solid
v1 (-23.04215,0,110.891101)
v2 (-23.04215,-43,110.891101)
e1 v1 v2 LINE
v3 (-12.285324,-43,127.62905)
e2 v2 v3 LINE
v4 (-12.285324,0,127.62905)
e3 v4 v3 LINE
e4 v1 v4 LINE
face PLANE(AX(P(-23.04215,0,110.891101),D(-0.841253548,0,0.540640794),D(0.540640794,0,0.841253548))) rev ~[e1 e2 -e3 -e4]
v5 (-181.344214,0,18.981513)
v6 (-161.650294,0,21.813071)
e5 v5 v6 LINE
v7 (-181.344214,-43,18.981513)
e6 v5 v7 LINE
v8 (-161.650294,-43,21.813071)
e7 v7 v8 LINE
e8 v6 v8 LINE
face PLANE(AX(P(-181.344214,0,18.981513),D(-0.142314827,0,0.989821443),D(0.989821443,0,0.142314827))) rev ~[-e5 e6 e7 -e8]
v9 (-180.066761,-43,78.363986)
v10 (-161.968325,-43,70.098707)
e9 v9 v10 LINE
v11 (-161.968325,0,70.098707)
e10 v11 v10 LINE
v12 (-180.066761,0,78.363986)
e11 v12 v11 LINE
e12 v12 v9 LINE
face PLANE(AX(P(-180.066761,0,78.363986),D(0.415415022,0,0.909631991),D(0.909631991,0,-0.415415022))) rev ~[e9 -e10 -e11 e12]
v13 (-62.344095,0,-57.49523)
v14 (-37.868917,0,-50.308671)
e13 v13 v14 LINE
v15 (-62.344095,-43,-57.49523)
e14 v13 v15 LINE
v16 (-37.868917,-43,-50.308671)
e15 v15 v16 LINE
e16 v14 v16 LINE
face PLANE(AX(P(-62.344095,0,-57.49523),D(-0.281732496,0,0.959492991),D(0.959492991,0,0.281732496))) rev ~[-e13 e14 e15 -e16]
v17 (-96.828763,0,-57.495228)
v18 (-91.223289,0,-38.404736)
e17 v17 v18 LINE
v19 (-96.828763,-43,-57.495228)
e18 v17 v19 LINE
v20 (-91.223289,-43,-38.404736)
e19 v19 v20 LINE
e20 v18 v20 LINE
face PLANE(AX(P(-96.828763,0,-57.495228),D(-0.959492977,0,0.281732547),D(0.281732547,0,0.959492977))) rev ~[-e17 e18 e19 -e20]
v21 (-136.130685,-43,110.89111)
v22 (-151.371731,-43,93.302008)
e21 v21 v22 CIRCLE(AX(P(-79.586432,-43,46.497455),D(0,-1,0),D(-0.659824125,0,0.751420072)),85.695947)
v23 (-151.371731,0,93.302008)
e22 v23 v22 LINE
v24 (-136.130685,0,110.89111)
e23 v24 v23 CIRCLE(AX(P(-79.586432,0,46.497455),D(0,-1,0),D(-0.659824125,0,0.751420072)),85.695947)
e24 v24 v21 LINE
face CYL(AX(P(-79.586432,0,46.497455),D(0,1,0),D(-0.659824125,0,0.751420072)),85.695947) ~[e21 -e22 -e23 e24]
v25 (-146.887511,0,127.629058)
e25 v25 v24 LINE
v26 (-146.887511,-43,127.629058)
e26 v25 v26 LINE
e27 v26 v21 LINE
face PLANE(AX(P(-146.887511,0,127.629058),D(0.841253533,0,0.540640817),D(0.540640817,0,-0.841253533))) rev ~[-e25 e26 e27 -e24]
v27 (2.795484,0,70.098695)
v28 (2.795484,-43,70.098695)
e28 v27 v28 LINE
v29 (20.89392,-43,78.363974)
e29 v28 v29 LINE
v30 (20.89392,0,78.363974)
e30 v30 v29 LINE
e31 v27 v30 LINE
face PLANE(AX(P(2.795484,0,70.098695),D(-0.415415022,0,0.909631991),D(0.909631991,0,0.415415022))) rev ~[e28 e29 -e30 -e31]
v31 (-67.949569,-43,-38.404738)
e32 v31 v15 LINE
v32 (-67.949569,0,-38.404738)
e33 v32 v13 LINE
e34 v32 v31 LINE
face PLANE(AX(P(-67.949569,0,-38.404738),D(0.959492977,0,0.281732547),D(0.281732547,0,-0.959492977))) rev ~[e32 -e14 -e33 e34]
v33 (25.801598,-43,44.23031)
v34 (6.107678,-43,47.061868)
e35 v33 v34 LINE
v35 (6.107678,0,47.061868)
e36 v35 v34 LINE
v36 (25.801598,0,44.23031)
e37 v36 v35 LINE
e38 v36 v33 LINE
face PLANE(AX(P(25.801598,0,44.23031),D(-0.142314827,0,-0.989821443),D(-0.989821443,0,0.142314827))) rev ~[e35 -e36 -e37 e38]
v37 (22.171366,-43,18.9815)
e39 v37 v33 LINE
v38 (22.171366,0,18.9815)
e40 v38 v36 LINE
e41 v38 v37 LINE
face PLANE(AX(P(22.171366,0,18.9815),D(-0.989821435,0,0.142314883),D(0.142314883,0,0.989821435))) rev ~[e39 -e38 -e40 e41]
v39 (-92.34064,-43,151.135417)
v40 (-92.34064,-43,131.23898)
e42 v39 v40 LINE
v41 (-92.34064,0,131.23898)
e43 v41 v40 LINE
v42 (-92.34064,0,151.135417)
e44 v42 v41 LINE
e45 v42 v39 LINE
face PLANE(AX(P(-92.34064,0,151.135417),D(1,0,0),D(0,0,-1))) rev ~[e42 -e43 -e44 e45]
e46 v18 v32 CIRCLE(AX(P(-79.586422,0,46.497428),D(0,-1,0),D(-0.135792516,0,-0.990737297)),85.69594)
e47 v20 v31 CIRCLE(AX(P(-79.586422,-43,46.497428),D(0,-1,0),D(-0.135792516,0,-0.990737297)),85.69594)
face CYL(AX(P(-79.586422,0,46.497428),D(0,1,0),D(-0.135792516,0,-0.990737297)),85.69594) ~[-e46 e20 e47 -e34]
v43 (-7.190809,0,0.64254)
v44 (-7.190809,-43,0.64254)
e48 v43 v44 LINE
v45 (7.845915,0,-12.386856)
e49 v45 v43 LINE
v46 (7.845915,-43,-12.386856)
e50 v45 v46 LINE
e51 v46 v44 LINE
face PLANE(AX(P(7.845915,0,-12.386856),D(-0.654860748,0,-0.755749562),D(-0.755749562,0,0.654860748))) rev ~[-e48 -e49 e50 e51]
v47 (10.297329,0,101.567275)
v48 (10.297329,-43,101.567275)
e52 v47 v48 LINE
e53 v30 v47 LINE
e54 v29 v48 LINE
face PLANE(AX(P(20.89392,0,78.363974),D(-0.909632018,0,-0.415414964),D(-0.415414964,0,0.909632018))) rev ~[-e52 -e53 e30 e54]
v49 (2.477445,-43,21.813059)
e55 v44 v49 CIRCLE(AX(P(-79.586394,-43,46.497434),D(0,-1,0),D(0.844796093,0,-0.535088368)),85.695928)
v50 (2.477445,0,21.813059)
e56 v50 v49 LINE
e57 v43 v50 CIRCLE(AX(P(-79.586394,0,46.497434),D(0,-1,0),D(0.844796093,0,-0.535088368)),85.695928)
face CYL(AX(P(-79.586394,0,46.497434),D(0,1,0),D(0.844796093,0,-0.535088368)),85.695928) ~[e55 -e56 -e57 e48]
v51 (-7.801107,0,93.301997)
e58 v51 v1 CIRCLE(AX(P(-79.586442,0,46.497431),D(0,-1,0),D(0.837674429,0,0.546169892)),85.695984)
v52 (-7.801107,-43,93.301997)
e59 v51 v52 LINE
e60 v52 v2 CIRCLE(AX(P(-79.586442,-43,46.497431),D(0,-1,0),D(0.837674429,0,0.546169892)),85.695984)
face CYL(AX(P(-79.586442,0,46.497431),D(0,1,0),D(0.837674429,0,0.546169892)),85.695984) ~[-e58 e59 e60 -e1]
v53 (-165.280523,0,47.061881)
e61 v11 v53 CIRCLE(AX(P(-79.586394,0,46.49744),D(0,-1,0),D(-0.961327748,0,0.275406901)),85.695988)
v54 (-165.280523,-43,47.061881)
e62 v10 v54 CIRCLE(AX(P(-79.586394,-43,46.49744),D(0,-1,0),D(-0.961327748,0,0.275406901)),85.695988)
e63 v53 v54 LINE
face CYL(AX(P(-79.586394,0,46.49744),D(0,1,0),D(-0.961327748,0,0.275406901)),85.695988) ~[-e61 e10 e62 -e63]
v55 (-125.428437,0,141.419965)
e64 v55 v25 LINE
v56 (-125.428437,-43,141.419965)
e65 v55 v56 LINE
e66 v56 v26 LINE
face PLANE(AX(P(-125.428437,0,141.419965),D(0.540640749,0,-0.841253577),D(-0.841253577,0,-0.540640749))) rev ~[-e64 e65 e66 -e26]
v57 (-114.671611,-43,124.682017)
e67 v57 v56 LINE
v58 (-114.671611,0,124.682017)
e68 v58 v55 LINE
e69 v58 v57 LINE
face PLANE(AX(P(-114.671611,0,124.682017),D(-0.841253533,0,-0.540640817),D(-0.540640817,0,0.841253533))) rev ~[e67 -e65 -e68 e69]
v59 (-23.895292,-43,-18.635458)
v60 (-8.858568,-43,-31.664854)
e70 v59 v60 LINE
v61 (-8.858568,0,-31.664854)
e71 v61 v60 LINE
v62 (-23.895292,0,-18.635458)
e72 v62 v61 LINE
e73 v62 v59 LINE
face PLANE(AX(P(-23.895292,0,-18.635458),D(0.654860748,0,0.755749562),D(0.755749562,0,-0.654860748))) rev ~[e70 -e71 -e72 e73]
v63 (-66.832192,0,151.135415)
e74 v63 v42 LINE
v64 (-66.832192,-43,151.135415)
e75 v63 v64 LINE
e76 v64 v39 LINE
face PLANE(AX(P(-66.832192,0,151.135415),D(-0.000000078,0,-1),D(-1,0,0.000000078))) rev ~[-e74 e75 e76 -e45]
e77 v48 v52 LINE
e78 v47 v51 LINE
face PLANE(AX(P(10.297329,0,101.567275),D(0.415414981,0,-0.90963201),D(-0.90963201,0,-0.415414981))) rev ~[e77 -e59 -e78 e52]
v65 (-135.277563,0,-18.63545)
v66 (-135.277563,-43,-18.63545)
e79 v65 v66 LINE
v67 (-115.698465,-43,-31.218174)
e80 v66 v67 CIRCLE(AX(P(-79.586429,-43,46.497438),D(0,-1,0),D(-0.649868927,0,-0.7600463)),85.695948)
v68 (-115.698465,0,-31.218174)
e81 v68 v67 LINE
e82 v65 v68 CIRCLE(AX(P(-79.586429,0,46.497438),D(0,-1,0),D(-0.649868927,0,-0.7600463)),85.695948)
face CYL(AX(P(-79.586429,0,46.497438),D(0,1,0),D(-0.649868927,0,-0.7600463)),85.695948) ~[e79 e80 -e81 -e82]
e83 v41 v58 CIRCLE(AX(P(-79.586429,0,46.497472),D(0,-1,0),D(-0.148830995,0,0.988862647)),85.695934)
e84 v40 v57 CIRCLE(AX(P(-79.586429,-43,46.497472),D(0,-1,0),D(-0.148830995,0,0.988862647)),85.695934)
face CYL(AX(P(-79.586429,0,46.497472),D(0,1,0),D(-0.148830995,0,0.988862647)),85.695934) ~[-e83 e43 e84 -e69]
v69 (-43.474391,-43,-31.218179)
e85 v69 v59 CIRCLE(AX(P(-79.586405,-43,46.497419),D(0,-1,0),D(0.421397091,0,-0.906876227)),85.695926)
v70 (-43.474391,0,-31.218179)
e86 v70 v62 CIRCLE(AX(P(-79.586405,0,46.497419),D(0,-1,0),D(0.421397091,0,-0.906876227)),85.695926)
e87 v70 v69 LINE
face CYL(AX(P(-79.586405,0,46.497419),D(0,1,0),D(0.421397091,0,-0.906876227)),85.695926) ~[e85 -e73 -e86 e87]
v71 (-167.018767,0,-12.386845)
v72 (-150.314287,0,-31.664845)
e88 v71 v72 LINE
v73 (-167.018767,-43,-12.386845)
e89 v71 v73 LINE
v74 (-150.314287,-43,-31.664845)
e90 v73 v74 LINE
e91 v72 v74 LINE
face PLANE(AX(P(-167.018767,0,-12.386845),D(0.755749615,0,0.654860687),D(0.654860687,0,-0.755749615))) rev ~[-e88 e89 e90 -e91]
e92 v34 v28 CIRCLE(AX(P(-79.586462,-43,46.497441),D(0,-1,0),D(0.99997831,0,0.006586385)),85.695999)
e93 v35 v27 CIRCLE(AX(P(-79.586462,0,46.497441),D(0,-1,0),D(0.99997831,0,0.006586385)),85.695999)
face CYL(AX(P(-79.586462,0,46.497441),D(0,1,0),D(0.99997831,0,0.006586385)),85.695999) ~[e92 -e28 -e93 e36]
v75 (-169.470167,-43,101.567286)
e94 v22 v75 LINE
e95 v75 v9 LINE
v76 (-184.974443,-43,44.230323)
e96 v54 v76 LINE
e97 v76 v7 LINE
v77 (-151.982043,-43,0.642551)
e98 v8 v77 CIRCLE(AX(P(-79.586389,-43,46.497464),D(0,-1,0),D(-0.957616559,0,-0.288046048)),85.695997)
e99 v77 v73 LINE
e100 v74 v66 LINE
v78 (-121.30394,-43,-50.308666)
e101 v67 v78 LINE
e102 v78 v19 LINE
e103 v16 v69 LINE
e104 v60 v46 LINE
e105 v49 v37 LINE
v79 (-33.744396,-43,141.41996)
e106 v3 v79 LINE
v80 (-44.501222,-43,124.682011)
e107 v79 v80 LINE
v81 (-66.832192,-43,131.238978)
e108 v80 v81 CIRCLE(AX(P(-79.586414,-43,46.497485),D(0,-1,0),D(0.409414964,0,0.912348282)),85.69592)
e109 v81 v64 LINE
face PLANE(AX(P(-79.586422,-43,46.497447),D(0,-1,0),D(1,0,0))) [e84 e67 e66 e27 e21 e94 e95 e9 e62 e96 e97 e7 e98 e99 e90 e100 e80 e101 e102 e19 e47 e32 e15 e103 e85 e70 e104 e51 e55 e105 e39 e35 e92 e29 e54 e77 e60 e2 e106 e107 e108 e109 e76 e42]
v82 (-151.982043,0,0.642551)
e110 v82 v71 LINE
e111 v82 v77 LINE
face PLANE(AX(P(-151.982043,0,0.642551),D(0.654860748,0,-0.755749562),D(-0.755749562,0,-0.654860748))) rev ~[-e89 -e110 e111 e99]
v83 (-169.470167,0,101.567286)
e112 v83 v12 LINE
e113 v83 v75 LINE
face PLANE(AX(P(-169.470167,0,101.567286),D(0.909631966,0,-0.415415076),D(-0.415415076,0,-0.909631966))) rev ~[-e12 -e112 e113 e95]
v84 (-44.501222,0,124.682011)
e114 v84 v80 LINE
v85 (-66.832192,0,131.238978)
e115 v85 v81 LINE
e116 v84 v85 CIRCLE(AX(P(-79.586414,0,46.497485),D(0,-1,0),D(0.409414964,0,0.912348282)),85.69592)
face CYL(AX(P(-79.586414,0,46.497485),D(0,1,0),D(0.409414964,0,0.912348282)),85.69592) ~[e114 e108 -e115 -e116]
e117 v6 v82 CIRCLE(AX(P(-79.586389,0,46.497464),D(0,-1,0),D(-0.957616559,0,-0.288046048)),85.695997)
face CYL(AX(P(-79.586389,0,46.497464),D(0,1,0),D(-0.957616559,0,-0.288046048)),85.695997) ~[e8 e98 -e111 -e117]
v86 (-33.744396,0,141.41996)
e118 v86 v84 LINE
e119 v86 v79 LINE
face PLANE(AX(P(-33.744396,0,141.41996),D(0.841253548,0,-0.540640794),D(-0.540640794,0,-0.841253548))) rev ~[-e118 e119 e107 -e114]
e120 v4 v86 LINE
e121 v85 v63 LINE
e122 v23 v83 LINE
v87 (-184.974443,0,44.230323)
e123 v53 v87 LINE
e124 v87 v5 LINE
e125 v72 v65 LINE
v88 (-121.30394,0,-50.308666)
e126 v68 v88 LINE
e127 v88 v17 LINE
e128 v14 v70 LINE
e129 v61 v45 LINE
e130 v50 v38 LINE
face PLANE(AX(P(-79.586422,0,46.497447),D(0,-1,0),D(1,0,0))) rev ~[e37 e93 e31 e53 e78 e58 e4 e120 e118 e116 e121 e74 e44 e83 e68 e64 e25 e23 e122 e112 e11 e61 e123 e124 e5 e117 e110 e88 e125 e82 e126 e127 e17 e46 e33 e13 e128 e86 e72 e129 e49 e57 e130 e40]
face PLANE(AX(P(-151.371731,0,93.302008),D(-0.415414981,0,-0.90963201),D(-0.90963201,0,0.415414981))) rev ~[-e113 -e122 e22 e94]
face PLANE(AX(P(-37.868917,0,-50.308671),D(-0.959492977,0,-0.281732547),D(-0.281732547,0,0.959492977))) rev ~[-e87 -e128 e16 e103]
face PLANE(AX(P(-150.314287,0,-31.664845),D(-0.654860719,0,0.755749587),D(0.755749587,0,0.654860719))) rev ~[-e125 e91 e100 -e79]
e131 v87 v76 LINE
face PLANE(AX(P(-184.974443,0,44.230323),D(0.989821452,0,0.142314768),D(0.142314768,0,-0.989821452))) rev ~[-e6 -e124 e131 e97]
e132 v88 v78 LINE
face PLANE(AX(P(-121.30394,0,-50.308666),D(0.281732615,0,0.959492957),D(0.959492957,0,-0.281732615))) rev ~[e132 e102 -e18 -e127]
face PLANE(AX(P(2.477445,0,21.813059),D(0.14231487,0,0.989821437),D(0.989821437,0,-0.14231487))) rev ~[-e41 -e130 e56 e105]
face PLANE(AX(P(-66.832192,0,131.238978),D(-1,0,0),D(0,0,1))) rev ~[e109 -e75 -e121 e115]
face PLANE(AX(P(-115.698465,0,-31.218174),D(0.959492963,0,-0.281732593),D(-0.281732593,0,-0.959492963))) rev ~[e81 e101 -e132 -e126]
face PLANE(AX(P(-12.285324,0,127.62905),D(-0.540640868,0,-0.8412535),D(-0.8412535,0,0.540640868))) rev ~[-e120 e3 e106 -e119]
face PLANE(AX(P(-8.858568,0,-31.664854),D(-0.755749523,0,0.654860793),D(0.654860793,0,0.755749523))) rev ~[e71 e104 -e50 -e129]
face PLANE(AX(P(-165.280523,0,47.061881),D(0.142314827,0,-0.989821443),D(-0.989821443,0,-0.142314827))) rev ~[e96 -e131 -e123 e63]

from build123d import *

# Parameters (mm, degrees)
F1_DEPTH = 43


with BuildPart() as f1:
    # F0 (on Front) → F1 (new body)
    with BuildSketch(Plane.XZ):
        with BuildLine():
            Line((-146.887511, 127.629058), (-136.130685, 110.89111))
            ThreePointArc((-136.130685, 110.89111), (-144.351103, 102.616371), (-151.371731, 93.302008))
            Line((-151.371731, 93.302008), (-169.470167, 101.567286))
            Line((-169.470167, 101.567286), (-180.066761, 78.363986))
            Line((-180.066761, 78.363986), (-161.968325, 70.098707))
            ThreePointArc((-161.968325, 70.098707), (-164.410119, 58.69326), (-165.280523, 47.061881))
            Line((-165.280523, 47.061881), (-184.974443, 44.230323))
            Line((-184.974443, 44.230323), (-181.344214, 18.981513))
            Line((-181.344214, 18.981513), (-161.650294, 21.813071))
            ThreePointArc((-161.650294, 21.813071), (-157.538211, 10.898065), (-151.982043, 0.642551))
            Line((-151.982043, 0.642551), (-167.018767, -12.386845))
            Line((-167.018767, -12.386845), (-150.314287, -31.664845))
            Line((-150.314287, -31.664845), (-135.277563, -18.63545))
            ThreePointArc((-135.277563, -18.63545), (-125.917161, -25.594578), (-115.698465, -31.218174))
            Line((-115.698465, -31.218174), (-121.30394, -50.308666))
            Line((-121.30394, -50.308666), (-96.828763, -57.495228))
            Line((-96.828763, -57.495228), (-91.223289, -38.404736))
            ThreePointArc((-91.223289, -38.404736), (-79.586429, -39.198512), (-67.949569, -38.404738))
            Line((-67.949569, -38.404738), (-62.344095, -57.49523))
            Line((-62.344095, -57.49523), (-37.868917, -50.308671))
            Line((-37.868917, -50.308671), (-43.474391, -31.218179))
            ThreePointArc((-43.474391, -31.218179), (-33.255695, -25.594585), (-23.895292, -18.635458))
            Line((-23.895292, -18.635458), (-8.858568, -31.664854))
            Line((-8.858568, -31.664854), (7.845915, -12.386856))
            Line((7.845915, -12.386856), (-7.190809, 0.64254))
            ThreePointArc((-7.190809, 0.64254), (-1.634639, 10.898053), (2.477445, 21.813059))
            Line((2.477445, 21.813059), (22.171366, 18.9815))
            Line((22.171366, 18.9815), (25.801598, 44.23031))
            Line((25.801598, 44.23031), (6.107678, 47.061868))
            ThreePointArc((6.107678, 47.061868), (5.237276, 58.693247), (2.795484, 70.098695))
            Line((2.795484, 70.098695), (20.89392, 78.363974))
            Line((20.89392, 78.363974), (10.297329, 101.567275))
            Line((10.297329, 101.567275), (-7.801107, 93.301997))
            ThreePointArc((-7.801107, 93.301997), (-14.821734, 102.616361), (-23.04215, 110.891101))
            Line((-23.04215, 110.891101), (-12.285324, 127.62905))
            Line((-12.285324, 127.62905), (-33.744396, 141.41996))
            Line((-33.744396, 141.41996), (-44.501222, 124.682011))
            ThreePointArc((-44.501222, 124.682011), (-55.443074, 128.722116), (-66.832192, 131.238978))
            Line((-66.832192, 131.238978), (-66.832192, 151.135415))
            Line((-66.832192, 151.135415), (-92.34064, 151.135417))
            Line((-92.34064, 151.135417), (-92.34064, 131.23898))
            ThreePointArc((-92.34064, 131.23898), (-103.729758, 128.72212), (-114.671611, 124.682017))
            Line((-114.671611, 124.682017), (-125.428437, 141.419965))
            Line((-125.428437, 141.419965), (-146.887511, 127.629058))
        make_face()
    extrude(amount=F1_DEPTH)


solid = f1.part
